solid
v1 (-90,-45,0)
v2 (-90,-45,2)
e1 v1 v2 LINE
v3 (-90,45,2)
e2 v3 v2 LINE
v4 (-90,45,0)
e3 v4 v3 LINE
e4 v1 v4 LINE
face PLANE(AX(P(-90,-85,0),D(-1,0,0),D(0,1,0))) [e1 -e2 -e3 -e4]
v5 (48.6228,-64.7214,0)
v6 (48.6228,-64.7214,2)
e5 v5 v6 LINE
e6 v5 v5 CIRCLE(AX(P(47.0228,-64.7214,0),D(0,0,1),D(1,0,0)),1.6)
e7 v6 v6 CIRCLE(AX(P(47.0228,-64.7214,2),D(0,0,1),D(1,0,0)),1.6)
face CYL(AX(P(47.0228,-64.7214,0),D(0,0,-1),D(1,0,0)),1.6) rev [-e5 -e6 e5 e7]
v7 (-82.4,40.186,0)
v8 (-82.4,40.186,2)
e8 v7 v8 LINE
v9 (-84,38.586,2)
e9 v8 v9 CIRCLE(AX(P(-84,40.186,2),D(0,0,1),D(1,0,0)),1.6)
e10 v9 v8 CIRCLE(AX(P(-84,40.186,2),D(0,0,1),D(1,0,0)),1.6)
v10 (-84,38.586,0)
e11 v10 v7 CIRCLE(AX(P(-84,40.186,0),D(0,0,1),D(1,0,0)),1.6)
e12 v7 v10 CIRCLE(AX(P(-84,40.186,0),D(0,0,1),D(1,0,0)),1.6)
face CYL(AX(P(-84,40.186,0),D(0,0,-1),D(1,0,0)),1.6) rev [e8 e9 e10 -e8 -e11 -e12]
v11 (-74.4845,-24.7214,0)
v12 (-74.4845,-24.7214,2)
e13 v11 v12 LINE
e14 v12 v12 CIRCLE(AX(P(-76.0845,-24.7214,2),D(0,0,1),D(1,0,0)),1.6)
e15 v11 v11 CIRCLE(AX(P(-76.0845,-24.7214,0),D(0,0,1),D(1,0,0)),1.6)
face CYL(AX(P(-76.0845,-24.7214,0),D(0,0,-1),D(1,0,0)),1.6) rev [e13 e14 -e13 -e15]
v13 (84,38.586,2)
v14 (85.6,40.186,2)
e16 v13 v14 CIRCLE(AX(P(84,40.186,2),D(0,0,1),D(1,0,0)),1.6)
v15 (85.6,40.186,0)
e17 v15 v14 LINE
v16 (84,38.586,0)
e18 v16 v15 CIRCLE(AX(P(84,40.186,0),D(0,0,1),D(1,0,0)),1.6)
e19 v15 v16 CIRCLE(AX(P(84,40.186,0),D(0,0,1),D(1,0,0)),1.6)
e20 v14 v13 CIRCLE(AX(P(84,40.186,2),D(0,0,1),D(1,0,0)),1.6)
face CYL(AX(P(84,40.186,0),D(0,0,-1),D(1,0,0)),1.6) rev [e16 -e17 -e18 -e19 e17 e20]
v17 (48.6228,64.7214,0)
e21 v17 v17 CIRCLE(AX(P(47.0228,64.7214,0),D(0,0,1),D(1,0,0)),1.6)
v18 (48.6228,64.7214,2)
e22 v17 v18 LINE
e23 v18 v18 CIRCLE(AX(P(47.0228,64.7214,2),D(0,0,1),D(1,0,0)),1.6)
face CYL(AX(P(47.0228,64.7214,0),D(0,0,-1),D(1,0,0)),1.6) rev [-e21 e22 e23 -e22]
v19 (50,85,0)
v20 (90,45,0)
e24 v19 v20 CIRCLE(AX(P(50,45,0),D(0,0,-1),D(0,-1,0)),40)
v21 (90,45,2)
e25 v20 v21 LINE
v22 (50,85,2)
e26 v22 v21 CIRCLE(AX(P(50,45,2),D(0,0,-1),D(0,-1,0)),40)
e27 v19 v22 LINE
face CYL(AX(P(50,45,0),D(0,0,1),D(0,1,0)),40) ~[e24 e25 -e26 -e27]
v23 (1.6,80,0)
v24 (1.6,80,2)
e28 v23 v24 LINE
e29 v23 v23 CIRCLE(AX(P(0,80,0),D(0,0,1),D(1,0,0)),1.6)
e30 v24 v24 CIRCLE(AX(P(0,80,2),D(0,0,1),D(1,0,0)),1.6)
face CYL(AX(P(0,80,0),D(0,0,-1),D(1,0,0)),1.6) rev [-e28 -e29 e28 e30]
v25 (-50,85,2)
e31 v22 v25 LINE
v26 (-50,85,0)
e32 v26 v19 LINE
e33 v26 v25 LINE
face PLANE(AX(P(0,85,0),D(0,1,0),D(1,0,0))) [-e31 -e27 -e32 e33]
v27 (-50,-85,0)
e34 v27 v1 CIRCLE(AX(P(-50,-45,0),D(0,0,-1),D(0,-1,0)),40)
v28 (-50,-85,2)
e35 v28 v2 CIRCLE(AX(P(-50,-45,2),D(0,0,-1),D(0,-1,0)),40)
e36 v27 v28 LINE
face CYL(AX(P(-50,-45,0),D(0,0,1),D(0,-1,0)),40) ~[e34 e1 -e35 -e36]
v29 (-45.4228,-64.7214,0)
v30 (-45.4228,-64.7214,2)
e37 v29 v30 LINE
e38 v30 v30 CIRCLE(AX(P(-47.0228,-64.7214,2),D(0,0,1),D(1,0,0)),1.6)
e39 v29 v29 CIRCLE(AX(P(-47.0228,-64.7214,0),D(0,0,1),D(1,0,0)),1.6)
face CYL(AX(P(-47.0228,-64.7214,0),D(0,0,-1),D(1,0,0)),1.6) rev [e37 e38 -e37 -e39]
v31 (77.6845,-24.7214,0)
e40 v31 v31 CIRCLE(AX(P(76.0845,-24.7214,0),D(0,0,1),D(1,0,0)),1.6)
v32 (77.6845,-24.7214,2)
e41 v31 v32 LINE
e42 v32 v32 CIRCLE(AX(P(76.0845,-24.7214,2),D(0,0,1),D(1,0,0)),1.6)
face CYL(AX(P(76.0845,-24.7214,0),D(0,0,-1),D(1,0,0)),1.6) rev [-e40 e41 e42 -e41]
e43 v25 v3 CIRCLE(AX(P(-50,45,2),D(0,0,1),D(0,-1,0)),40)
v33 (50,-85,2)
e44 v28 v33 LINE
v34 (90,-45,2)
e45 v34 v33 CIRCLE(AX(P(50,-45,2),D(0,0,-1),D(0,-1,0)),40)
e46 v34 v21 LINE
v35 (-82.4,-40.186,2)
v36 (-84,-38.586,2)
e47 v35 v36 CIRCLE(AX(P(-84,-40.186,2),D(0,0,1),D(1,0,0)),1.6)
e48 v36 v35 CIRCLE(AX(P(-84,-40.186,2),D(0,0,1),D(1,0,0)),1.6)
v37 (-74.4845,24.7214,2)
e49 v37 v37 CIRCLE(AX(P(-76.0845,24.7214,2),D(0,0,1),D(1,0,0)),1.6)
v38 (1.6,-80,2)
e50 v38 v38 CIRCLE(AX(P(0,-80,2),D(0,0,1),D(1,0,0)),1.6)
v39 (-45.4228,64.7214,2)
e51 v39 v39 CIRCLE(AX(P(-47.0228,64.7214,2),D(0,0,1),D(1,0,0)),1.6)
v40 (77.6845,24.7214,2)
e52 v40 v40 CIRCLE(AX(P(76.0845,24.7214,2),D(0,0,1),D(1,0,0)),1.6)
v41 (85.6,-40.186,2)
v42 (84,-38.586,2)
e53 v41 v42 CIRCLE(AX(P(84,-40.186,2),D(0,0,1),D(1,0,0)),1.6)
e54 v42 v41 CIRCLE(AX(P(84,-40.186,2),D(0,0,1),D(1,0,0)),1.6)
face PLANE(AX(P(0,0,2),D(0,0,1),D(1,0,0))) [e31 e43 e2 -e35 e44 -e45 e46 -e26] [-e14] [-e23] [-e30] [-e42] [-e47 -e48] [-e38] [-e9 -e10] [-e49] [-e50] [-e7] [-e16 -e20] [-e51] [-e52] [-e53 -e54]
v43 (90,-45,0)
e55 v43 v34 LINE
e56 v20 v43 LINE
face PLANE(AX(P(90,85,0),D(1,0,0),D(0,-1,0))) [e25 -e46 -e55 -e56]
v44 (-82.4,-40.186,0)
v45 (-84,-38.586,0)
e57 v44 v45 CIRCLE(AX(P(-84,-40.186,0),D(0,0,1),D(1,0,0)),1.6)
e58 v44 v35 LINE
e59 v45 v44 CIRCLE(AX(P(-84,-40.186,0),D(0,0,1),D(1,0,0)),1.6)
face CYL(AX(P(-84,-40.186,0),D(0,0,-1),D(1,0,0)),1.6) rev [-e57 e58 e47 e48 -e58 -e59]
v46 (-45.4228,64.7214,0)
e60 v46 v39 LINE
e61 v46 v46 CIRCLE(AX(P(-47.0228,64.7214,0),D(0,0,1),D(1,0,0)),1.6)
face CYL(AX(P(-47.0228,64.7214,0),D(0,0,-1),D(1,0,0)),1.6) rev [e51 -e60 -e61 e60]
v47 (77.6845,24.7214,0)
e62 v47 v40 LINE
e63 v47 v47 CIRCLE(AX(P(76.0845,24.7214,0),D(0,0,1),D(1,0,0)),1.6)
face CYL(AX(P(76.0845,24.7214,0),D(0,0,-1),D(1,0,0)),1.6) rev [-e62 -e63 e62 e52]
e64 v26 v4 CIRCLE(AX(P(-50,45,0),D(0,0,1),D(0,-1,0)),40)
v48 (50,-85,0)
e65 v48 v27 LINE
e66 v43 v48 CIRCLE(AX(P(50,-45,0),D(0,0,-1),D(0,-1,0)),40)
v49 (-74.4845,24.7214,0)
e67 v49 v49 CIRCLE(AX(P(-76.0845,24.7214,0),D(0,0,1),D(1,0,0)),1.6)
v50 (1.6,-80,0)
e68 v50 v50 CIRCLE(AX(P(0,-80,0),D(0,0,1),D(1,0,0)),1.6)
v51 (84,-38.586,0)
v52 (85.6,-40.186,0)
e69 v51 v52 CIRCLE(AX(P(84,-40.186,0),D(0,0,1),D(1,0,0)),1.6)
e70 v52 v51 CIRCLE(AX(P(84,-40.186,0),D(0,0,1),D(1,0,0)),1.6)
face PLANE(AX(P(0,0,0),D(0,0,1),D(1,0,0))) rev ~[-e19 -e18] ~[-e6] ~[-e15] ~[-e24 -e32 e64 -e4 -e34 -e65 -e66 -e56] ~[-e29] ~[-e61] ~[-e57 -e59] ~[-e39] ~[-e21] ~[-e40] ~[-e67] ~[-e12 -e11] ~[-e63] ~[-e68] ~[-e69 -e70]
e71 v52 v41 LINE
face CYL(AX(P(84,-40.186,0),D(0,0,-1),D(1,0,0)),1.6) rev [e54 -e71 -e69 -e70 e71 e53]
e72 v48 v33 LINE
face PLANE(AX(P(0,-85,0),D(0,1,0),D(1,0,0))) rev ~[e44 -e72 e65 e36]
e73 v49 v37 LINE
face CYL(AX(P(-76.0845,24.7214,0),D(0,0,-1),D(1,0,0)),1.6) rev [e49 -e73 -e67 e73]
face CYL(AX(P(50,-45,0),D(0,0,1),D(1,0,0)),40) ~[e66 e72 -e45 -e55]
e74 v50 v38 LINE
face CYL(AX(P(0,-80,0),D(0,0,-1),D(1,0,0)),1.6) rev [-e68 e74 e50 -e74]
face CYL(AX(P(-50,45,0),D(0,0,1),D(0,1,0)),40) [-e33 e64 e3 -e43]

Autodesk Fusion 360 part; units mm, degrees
sketch "スケッチ1" plane through (0, 0, 0) normal (0, 0, 1) x (1, 0, 0)
  circle A0 centre (0, 0) radius 75
  circle A1 centre (0, 0) radius 85
  line L0 (0, 75) -> (0, 85)
  circle A2 centre (0, 80) radius 1.6
  circle A3 centre (-47.0228, 64.7214) radius 1.6
  circle A4 centre (-76.0845, 24.7214) radius 1.6
  circle A5 centre (-76.0845, -24.7214) radius 1.6
  circle A6 centre (-47.0228, -64.7214) radius 1.6
  circle A7 centre (0, -80) radius 1.6
  circle A8 centre (47.0228, -64.7214) radius 1.6
  circle A9 centre (76.0845, -24.7214) radius 1.6
  circle A10 centre (76.0845, 24.7214) radius 1.6
  circle A11 centre (47.0228, 64.7214) radius 1.6
  line L1 (0, 0) -> (-84, 0)
  line L2 (-84, 0) -> (-84, -40.186)
  line L3 (0, 0) -> (0, 85)
  line L4 (84, 0) -> (84, -40.186)
  line L5 (-84, 0) -> (-84, 40.186)
  line L6 (84, 0) -> (84, 40.186)
  circle A12 centre (-84, 40.186) radius 1.6
  circle A13 centre (84, 40.186) radius 1.6
  circle A14 centre (-84, -40.186) radius 1.6
  circle A15 centre (84, -40.186) radius 1.6
  line L7 (0, 85) -> (-90, 85)
  line L8 (-90, 85) -> (-90, 0)
  line L9 (-90, 0) -> (0, 0)
  line L10 (0, 0) -> (0, 85)
  line L11 (90, 85) -> (90, 0)
  line L12 (0, 85) -> (90, 85)
  line L13 (-90, -85) -> (-90, 0)
  line L14 (0, -85) -> (-90, -85)
  line L15 (0, -85) -> (90, -85)
  line L16 (90, -85) -> (90, 0)
  dimension "d1" = 150
  dimension "d4" = 170
  dimension "d7" = 3.2
  dimension "d9" = 360
  dimension "d10" = 84
  dimension "d11" = 40.186
  dimension "d12" = 3.2
  dimension "d13" = 3.2
  dimension "d14" = 3.2
  dimension "d15" = 3.2
extrude "押し出し1" add sketch "スケッチ1" along normal blind 2 contours A0 L1 L3 L9 L10 | A0 A1 L0 A2 L1 L2 L3 L4 L6 L9 L10 | A0 L1 L3 L9 L10 | A0 A1 L0 A2 L1 L3 L5 L9 L10 | A1 L5 L9 | A1 L2 L9 | A1 L9 L13 L14 | A1 L7 L8 L9 | A1 L11 L12 L15 L16 | A1 L4 L6
fillet "フィレット1" radius 40 4 edges at (-90, -85, 1) (90, -85, 1) (90, 85, 1) (-90, 85, 1)
equation "d10 = ( 168 / 2 ) * 1 mm"
equation "d11 = ( 80.372 / 2 ) * 1 mm"
